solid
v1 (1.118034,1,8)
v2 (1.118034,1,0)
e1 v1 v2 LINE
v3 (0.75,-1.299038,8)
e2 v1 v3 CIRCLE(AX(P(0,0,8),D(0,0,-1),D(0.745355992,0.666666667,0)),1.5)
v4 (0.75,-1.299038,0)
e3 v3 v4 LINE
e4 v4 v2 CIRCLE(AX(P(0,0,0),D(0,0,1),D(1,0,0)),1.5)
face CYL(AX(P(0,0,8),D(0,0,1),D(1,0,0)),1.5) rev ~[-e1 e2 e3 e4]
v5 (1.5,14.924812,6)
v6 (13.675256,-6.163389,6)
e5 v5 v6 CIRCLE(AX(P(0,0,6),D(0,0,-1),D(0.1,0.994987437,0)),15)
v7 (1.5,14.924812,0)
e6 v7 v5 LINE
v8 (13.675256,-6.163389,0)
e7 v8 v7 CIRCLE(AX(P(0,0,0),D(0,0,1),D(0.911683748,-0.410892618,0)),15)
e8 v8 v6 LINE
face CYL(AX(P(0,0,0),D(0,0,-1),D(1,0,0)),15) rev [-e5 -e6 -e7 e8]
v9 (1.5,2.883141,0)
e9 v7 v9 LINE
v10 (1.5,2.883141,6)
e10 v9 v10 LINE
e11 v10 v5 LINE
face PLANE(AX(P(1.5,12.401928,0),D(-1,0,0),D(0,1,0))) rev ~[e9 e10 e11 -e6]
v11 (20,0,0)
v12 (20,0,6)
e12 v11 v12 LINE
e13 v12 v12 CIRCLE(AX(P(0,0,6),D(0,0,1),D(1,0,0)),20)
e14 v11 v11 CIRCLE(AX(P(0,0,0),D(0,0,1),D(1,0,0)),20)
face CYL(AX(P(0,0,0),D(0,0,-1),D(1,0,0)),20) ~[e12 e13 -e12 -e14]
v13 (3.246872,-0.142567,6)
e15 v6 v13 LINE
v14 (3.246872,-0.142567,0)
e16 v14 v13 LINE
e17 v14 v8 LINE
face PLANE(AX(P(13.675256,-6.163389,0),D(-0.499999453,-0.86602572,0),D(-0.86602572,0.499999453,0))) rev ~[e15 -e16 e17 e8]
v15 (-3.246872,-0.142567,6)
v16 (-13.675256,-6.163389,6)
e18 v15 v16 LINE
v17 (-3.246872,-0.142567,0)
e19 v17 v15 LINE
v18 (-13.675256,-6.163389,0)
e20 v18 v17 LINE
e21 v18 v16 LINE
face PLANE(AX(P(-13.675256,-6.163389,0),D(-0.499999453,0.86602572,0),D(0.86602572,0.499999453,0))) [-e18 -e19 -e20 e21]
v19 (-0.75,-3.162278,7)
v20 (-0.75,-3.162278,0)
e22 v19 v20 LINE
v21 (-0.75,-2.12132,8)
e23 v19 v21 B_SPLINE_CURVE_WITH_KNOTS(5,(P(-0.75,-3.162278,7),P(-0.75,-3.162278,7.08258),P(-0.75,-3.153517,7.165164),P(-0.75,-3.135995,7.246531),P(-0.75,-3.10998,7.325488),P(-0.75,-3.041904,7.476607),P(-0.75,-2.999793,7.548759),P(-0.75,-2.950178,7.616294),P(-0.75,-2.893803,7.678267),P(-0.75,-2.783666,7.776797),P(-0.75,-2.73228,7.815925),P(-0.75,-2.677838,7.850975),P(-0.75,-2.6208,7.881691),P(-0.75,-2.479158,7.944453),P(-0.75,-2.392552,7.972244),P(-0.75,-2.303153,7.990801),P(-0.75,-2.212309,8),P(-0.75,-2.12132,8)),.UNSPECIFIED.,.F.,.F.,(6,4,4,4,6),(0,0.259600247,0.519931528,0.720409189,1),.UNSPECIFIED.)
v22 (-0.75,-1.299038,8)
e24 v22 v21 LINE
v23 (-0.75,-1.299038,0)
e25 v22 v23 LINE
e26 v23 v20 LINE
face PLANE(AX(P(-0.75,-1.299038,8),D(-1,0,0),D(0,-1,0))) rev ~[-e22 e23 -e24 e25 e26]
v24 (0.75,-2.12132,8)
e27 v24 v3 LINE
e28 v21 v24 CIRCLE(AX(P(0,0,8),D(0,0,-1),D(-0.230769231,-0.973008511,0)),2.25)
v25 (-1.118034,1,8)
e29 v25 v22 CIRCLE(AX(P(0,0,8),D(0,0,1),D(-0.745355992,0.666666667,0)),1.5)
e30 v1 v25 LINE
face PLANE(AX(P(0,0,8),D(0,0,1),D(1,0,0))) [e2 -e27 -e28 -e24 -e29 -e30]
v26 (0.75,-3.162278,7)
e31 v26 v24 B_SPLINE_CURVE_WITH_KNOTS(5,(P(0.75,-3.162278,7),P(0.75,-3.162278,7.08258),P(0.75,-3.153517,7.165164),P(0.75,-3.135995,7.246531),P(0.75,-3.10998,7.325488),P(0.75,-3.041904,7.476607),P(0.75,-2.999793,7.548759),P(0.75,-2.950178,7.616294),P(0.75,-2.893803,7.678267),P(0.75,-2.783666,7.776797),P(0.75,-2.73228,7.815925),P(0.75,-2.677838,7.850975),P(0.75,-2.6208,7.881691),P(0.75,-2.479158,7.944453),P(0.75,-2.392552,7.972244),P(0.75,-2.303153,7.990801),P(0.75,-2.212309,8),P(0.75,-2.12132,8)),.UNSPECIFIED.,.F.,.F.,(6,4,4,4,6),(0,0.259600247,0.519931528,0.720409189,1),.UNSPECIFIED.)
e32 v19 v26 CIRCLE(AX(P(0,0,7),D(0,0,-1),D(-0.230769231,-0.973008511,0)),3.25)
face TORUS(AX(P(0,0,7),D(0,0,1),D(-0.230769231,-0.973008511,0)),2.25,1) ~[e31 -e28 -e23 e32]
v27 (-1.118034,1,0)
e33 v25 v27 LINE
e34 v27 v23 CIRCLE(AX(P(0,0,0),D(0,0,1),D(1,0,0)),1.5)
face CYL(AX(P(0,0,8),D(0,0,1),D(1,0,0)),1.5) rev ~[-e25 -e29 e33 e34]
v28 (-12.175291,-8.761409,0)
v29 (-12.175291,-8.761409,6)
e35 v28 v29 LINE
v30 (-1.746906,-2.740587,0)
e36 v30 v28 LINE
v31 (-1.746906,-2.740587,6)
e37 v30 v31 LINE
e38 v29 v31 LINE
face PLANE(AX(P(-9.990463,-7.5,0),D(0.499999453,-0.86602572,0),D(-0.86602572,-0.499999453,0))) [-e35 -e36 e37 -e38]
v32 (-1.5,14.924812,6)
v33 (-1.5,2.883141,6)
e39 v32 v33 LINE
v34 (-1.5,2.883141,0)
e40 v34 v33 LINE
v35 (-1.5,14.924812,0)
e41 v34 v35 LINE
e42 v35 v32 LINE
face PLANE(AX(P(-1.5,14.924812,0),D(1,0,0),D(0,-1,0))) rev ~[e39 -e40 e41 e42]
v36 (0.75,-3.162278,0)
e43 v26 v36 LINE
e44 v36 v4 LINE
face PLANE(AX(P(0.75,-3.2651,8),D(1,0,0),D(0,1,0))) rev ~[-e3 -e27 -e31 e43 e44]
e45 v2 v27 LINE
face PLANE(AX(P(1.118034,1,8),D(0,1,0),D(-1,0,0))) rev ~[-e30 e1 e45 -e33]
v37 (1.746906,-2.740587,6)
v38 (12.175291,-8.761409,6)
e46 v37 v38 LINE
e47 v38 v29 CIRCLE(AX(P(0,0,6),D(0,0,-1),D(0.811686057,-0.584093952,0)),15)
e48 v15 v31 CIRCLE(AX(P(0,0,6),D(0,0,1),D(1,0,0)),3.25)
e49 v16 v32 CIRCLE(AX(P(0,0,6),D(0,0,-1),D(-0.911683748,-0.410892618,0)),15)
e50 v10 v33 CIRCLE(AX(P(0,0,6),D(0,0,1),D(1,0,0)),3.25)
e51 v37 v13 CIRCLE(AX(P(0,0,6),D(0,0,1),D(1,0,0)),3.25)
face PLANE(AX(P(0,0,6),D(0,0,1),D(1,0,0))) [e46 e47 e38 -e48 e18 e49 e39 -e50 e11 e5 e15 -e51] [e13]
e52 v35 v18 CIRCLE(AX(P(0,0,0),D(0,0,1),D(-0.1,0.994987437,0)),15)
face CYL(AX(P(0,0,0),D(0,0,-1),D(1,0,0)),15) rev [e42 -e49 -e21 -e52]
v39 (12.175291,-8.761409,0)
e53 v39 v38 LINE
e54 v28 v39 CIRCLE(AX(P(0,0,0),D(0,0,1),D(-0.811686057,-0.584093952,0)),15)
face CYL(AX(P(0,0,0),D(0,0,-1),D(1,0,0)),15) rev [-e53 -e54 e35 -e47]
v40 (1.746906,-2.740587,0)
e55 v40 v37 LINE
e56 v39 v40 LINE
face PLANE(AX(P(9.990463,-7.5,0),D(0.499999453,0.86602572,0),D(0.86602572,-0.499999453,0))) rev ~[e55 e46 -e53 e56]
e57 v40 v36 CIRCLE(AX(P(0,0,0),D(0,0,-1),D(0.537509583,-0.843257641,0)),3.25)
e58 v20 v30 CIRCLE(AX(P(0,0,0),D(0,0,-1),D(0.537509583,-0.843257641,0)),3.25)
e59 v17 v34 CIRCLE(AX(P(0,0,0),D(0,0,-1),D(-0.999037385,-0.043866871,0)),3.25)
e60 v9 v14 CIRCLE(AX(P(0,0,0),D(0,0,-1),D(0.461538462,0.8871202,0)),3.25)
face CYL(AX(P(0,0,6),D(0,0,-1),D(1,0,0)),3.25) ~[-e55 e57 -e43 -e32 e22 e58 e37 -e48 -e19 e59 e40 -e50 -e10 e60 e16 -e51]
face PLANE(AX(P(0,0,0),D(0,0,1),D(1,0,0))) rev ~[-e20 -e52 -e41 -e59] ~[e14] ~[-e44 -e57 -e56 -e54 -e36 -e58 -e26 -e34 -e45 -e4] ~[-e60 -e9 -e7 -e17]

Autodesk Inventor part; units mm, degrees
ref_plane "YZ Plane" through (0, 0, 0) normal (1, 0, 0) x (0, 1, 0)
ref_plane "XZ Plane" through (0, 0, 0) normal (0, 1, 0) x (-1, 0, 0)
ref_plane "XY Plane" through (0, 0, 0) normal (0, 0, 1) x (1, 0, 0)
sketch "Эскиз1" plane through (0, 0, 0) normal (0, 0, 1) x (1, 0, 0)
  circle A0 centre (0, 0) radius 20
  circle A1 centre (0, 0) radius 15
  circle A2 centre (0, 0) radius 3.25
  line L0 (0, 15) -> (12.9904, -7.5)
  line L1 (12.9904, -7.5) -> (-12.9904, -7.5)
  line L2 (-12.9904, -7.5) -> (0, 15)
  line L3 (1.5, -15) -> (1.5, 15)
  line L4 (1.5, 15) -> (-1.5, 15)
  line L5 (-1.5, 15) -> (-1.5, -15)
  line L6 (-1.5, -15) -> (1.5, -15)
  line L7 (1.5, -15) -> (-1.5, 15) construction
  line L8 (1.5, 15) -> (-1.5, -15) construction
  line L9 (13.7404, 6.201) -> (-12.2404, -8.799)
  line L10 (-12.2404, -8.799) -> (-13.7404, -6.201)
  line L11 (-13.7404, -6.201) -> (12.2404, 8.799)
  line L12 (12.2404, 8.799) -> (13.7404, 6.201)
  line L13 (13.7404, 6.201) -> (-13.7404, -6.201) construction
  line L14 (-12.2404, -8.799) -> (12.2404, 8.799) construction
  line L15 (-13.7404, 6.201) -> (12.2404, -8.799)
  line L16 (12.2404, -8.799) -> (13.7404, -6.201)
  line L17 (13.7404, -6.201) -> (-12.2404, 8.799)
  line L18 (-12.2404, 8.799) -> (-13.7404, 6.201)
  line L19 (-13.7404, 6.201) -> (13.7404, -6.201) construction
  line L20 (12.2404, -8.799) -> (-12.2404, 8.799) construction
  point P0 (1.5, 14.9248)
  point P1 (13.6753, -6.1634)
  point P2 (3.2469, -0.1425)
  point P3 (1.5, 2.8831)
  point P4 (1.7469, -2.7406)
  point P5 (12.1753, -8.7614)
  point P6 (-12.1753, -8.7614)
  point P7 (-1.7469, -2.7406)
  point P8 (-1.5, 14.9248)
  point P9 (-1.5, 2.8831)
  point P10 (-3.2469, -0.1425)
  point P11 (-13.6753, -6.1634)
  dimension "d1" = 30
  dimension "d0" = 40
  dimension "d2" = 6.5
  dimension "d3" = 3
  dimension "d4" = 3
  dimension "d5" = 3
extrude "Выдавливание1" add sketch "Эскиз1" along normal blind 6 contours A0 | A1 L12 L9 | L17 L16 A1 | A1 L0 L17 | A1 L11 L12 | L16 L15 A1 | L1 L15 A2 L17 L0 | A1 L15 L1 | L9 L17 L3 L11 A2 | A2 L17 L9 | A2 L15 L3 L9 L17 | L3 L0 A1 | A1 L4 L3 | L3 A2 L5 L2 L0 | L11 L3 A2 | L9 L3 L17 | L3 L6 A1 | A2 L3 L15 | L2 L5 A1 | A1 L5 L4 | L3 L11 L17 L5 A2 | L3 L17 L11 | L9 L15 L5 L11 L17 L3 | L3 L15 L9 | L6 L5 A1 | A2 L5 L9 L15 L3 | L5 L17 A2 | L11 L5 L17 | L9 L5 L15 | L9 A1 L1 | L1 L2 L11 A2 L9 | A2 L9 L5 | A1 L18 L17 | L17 L5 L11 L15 A2 | L5 L15 L11 | L9 A2 L11 L15 L5 | L9 L10 A1 | L10 L11 A1 | A1 L11 L2 | A1 L15 L18 | L15 L11 A2
sketch "Эскиз2" plane through (0, 0, 6) normal (0, 0, 1) x (1, 0, 0)
  circle A0 centre (0, 0) radius 3.25
extrude "Выдавливание2" add sketch "Эскиз2" along normal blind 2
sketch "Эскиз3" plane through (0, 0, 8) normal (0, 0, 1) x (1, 0, 0)
  circle A0 centre (0, 0) radius 1.5
  line L0 (-1.5, -1) -> (1.5, -1)
  line L1 (1.5, -1) -> (1.5, 1)
  line L2 (1.5, 1) -> (-1.5, 1)
  line L3 (-1.5, 1) -> (-1.5, -1)
  line L4 (-1.5, -1) -> (1.5, 1) construction
  line L5 (1.5, -1) -> (-1.5, 1) construction
  line L6 (0.75, 3.2651) -> (-0.75, 3.2651)
  line L7 (-0.75, 3.2651) -> (-0.75, -3.2651)
  line L8 (-0.75, -3.2651) -> (0.75, -3.2651)
  line L9 (0.75, -3.2651) -> (0.75, 3.2651)
  line L10 (0.75, 3.2651) -> (-0.75, -3.2651) construction
  line L11 (-0.75, 3.2651) -> (0.75, -3.2651) construction
  point P0 (-1.118, 1)
  point P1 (-0.75, -1.299)
  point P2 (0.75, -1.299)
  point P3 (1.118, 1)
  dimension "d10" = 3
  dimension "d11" = 2
  dimension "d12" = 1.5
extrude "Выдавливание3" cut sketch "Эскиз3" against normal through all contours A0 L0 L9 L2 | A0 L9 L0 | L9 L0 L7 L2 | L9 L8 L7 A0 | A0 L7 L0 L9 | L7 L0 A0 L2 | A0 L0 L7
fillet "Сопряжение1" radius 1 1 edges at (-3.25, 0, 8)
properties part number "Колесо D40 под ось моторов серии N"
